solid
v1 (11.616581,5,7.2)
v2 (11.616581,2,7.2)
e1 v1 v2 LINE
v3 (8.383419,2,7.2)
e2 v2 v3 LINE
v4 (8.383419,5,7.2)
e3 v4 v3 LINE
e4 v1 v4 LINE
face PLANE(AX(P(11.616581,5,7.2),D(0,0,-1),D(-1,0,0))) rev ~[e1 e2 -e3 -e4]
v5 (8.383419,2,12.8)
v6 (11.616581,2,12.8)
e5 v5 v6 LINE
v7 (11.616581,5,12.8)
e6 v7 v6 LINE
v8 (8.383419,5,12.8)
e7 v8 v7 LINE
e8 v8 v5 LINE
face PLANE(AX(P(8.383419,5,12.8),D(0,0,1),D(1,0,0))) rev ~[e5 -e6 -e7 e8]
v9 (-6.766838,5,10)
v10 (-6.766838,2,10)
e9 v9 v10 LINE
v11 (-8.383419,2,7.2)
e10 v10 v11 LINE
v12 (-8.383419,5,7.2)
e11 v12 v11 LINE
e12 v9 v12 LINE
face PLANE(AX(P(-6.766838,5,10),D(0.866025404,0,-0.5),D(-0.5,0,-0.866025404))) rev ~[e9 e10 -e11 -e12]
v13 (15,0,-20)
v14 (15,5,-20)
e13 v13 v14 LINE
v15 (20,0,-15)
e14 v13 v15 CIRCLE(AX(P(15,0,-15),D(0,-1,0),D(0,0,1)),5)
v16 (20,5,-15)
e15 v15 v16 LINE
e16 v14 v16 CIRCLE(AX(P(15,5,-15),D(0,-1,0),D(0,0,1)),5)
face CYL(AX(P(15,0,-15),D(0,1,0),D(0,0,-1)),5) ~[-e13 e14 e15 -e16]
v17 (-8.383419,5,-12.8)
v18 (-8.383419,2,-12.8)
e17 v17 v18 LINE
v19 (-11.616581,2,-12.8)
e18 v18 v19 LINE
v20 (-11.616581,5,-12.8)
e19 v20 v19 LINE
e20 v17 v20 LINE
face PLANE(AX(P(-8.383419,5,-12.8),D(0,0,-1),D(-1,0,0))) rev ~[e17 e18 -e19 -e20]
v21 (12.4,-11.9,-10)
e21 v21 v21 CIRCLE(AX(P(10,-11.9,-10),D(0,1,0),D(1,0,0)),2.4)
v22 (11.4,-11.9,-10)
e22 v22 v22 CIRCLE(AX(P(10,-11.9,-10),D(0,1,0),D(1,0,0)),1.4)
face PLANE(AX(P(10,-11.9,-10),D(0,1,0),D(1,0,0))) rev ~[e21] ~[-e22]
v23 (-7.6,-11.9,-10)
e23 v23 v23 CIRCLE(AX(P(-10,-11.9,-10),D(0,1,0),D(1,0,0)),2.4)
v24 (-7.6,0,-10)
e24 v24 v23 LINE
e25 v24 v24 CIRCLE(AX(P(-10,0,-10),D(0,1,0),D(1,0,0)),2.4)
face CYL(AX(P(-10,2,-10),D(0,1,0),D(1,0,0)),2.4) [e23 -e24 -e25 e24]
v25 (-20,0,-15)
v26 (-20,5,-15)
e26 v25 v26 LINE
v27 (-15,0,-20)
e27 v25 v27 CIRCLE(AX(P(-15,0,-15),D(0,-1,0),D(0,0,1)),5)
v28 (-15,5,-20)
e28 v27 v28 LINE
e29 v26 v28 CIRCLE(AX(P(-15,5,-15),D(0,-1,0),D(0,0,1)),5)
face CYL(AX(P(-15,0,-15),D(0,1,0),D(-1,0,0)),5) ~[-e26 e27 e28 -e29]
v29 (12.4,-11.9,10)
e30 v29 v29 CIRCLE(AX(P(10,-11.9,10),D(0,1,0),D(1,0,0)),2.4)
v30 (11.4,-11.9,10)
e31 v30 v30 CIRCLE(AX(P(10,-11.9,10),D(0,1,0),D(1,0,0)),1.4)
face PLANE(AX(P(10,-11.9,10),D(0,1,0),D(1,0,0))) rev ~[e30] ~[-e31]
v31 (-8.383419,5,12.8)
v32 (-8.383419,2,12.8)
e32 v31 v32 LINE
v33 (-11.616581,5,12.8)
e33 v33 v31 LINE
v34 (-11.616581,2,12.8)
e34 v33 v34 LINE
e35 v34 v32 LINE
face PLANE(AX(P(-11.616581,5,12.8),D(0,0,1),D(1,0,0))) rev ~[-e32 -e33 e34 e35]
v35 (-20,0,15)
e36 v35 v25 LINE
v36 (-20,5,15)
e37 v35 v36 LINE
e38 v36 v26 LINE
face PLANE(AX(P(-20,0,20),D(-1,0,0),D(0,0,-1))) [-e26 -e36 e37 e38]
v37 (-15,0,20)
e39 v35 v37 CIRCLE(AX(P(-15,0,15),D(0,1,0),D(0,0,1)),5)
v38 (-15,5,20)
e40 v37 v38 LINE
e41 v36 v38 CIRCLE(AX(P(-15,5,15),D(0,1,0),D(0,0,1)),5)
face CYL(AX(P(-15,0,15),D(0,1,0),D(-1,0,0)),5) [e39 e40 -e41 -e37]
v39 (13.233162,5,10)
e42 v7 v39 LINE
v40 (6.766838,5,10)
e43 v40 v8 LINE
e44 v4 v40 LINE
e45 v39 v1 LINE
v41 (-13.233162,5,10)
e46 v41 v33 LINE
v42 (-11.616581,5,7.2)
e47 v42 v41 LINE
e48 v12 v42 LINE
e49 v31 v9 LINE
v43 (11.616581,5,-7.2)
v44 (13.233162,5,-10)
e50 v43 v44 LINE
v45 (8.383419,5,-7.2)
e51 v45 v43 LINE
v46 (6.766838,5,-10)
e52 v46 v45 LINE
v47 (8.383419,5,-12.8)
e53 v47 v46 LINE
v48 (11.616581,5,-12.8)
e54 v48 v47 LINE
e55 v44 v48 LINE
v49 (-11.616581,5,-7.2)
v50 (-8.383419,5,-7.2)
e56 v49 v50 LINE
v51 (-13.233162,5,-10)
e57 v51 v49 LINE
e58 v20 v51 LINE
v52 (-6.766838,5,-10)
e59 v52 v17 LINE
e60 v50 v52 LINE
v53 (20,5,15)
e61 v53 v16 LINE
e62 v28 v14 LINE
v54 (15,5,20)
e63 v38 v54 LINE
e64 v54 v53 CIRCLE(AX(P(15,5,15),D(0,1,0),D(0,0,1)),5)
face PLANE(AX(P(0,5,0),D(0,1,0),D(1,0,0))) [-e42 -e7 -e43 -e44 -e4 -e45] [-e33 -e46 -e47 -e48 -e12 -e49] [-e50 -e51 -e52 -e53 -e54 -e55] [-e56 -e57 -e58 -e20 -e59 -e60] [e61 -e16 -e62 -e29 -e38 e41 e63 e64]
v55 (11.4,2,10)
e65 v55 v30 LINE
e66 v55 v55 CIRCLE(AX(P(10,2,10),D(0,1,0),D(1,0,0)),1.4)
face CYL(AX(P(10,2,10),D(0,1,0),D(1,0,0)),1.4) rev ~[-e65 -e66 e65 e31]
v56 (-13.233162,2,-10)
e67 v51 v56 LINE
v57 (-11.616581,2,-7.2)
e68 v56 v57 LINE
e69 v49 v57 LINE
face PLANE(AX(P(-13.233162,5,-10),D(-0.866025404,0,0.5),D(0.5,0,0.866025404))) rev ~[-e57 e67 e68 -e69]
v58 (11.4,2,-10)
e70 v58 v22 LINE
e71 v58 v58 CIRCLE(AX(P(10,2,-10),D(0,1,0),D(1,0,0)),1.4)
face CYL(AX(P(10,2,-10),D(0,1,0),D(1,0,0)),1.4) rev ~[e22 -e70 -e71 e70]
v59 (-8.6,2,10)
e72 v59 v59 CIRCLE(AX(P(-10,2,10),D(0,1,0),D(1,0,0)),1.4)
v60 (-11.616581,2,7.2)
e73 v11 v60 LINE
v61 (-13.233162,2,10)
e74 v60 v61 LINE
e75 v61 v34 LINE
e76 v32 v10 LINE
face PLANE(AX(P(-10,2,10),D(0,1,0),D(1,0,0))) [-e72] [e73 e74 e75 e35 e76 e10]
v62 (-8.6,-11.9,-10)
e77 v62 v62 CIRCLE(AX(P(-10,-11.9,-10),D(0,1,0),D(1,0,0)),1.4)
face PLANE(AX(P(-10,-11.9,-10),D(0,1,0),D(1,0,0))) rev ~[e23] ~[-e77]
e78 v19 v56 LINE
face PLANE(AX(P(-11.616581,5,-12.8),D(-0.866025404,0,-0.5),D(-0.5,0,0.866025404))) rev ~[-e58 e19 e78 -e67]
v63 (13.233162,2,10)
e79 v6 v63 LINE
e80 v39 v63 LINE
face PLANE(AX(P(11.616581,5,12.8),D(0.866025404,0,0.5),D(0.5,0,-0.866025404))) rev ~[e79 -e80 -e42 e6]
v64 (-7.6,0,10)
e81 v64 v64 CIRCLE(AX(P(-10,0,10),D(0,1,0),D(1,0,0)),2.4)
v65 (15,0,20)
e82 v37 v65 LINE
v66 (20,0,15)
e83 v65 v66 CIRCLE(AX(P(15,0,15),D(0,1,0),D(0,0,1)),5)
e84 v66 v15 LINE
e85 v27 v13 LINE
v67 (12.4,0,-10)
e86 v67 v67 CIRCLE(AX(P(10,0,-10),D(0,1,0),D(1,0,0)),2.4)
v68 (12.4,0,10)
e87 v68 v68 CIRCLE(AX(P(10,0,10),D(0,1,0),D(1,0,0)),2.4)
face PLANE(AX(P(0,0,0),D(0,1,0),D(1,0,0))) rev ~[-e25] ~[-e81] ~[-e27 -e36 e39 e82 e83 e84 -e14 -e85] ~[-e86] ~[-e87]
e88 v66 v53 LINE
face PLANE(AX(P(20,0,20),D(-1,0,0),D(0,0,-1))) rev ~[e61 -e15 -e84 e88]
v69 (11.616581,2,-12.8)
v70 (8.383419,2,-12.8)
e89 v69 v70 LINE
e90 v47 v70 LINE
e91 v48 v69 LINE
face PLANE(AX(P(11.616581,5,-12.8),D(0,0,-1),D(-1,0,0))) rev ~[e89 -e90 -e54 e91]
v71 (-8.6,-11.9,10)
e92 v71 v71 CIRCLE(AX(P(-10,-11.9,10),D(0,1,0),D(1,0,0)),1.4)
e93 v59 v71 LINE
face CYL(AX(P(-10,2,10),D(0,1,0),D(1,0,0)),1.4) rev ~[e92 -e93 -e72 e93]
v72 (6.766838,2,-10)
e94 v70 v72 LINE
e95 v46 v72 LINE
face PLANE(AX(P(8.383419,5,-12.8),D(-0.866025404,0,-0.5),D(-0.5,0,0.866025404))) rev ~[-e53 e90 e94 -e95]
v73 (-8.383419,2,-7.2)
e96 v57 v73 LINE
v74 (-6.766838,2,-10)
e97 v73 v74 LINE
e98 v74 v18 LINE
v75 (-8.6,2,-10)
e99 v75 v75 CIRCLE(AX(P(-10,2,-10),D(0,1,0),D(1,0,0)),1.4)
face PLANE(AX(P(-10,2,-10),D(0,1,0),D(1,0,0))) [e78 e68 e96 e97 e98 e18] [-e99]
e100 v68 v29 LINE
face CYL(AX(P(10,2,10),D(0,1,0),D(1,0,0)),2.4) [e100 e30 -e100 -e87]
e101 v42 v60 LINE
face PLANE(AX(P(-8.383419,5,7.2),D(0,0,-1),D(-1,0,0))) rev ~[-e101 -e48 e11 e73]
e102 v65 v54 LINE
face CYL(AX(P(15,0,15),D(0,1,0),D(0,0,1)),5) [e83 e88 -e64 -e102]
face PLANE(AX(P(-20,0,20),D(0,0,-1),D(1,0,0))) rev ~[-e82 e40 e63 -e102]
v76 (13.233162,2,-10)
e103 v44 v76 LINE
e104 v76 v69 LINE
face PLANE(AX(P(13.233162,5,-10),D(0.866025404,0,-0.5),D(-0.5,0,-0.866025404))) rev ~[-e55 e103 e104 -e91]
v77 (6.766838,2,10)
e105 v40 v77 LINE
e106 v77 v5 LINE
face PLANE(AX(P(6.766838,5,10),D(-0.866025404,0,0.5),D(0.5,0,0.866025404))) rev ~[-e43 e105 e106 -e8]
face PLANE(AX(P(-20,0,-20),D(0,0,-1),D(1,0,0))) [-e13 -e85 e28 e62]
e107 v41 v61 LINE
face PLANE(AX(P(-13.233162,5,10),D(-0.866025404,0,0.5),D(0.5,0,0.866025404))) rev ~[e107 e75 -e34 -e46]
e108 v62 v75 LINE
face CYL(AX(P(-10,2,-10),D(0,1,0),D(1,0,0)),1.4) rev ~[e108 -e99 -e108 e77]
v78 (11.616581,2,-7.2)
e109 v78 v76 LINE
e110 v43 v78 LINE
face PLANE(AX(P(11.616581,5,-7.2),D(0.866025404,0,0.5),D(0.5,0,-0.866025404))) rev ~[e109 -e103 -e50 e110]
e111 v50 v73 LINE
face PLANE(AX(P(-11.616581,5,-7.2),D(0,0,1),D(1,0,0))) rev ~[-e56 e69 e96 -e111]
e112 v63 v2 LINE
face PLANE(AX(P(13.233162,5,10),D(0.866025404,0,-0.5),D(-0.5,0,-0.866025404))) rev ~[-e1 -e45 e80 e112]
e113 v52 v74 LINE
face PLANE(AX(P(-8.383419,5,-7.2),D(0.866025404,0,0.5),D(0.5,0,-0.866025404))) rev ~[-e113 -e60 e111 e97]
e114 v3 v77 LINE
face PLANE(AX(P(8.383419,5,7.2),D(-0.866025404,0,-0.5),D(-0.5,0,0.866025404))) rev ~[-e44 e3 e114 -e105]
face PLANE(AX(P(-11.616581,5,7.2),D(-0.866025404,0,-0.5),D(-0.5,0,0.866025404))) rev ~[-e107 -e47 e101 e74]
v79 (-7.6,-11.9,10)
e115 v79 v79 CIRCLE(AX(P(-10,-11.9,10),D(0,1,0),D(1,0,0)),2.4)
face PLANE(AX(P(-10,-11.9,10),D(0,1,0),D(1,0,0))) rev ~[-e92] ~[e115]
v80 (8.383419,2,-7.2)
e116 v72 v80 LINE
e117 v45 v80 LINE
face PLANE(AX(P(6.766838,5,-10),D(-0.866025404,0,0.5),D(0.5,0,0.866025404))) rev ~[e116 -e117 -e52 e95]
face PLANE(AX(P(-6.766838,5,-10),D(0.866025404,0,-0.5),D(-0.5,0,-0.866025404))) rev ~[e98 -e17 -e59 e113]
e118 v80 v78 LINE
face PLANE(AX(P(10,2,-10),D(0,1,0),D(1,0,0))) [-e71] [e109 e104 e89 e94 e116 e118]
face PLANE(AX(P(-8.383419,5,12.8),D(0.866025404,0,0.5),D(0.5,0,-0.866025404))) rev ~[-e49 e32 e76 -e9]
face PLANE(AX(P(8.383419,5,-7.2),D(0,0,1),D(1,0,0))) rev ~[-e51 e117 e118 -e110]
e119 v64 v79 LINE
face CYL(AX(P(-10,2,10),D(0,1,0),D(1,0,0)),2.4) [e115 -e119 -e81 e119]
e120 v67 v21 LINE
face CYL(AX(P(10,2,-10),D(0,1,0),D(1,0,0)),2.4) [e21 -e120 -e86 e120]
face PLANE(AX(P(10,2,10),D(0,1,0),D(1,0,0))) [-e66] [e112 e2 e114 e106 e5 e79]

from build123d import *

# Parameters (mm, degrees)
SKETCH1_W           = 40
SKETCH1_H           = 40
BOSS_EXTRUDE1_DEPTH = 5
CUT_EXTRUDE1_DEPTH  = 3
SKETCH3_R           = 1.4
CUT_EXTRUDE2_DEPTH  = 29.442925307
FILLET1_R           = 5
SKETCH3_3_R         = 2.4
SKETCH3_3_R_2       = 1.4
BOSS_EXTRUDE2_DEPTH = 13.9


with BuildPart() as part:
    # Sketch1 → Boss-Extrude1 (new body)
    with BuildSketch(Plane(origin=(0, 0, 0), x_dir=(1, 0, 0), z_dir=(0, 1, 0))):
        Rectangle(SKETCH1_W, SKETCH1_H)
    extrude(amount=BOSS_EXTRUDE1_DEPTH)

    # Sketch2 → Cut-Extrude1 (cut)
    with BuildSketch(Plane(origin=(0, 5, 0), x_dir=(1, 0, 0), z_dir=(0, 1, 0))):
        Polygon((-8.383419246, -7.2), (-11.616580754, -7.2), (-13.233161507, -10), (-11.616580754, -12.8), (-8.383419246, -12.8), (-6.766838493, -10), align=None)
        Polygon((8.383419246, -7.2), (6.766838493, -10), (8.383419246, -12.8), (11.616580754, -12.8), (13.233161507, -10), (11.616580754, -7.2), align=None)
        Polygon((-11.616580754, 7.2), (-8.383419246, 7.2), (-6.766838493, 10), (-8.383419246, 12.8), (-11.616580754, 12.8), (-13.233161507, 10), align=None)
        Polygon((8.383419246, 7.2), (11.616580754, 7.2), (13.233161507, 10), (11.616580754, 12.8), (8.383419246, 12.8), (6.766838493, 10), align=None)
    extrude(amount=-CUT_EXTRUDE1_DEPTH, mode=Mode.SUBTRACT)

    # Sketch3 → Cut-Extrude2 (cut, through all)
    with BuildSketch(Plane(origin=(0, 2, 0), x_dir=(1, 0, 0), z_dir=(0, 1, 0))):
        with Locations((-10, 10)):
            Circle(SKETCH3_R)
        with Locations((10, 10)):
            Circle(SKETCH3_R)
        with Locations((-10, -10)):
            Circle(SKETCH3_R)
        with Locations((10, -10)):
            Circle(SKETCH3_R)
    extrude(amount=-CUT_EXTRUDE2_DEPTH, mode=Mode.SUBTRACT)

    # Fillet1
    fillet1_edges = [part.edges().sort_by_distance(p)[0] for p in [
        (-20, 2.5, 20),
        (20, 2.5, 20),
        (20, 2.5, -20),
        (-20, 2.5, -20),
    ]]
    fillet(fillet1_edges, radius=FILLET1_R)

    # Sketch3<3> → Boss-Extrude2 (add)
    # profile 1 of 4: a face of its own
    with BuildSketch(Plane(origin=(0, 2, 0), x_dir=(1, 0, 0), z_dir=(0, 1, 0))):
        with Locations((-10, 10)):
            Circle(SKETCH3_3_R)
        with Locations((-10, 10)):
            Circle(SKETCH3_3_R_2, mode=Mode.SUBTRACT)
    # profile 2 of 4: a face of its own
    with BuildSketch(Plane(origin=(0, 2, 0), x_dir=(1, 0, 0), z_dir=(0, 1, 0))):
        with Locations((-10, -10)):
            Circle(SKETCH3_3_R)
        with Locations((-10, -10)):
            Circle(SKETCH3_3_R_2, mode=Mode.SUBTRACT)
    # profile 3 of 4: a face of its own
    with BuildSketch(Plane(origin=(0, 2, 0), x_dir=(1, 0, 0), z_dir=(0, 1, 0))):
        with Locations((10, -10)):
            Circle(SKETCH3_3_R)
        with Locations((10, -10)):
            Circle(SKETCH3_3_R_2, mode=Mode.SUBTRACT)
    # profile 4 of 4: a face of its own
    with BuildSketch(Plane(origin=(0, 2, 0), x_dir=(1, 0, 0), z_dir=(0, 1, 0))):
        with Locations((10, 10)):
            Circle(SKETCH3_3_R)
        with Locations((10, 10)):
            Circle(SKETCH3_3_R_2, mode=Mode.SUBTRACT)
    extrude(amount=-BOSS_EXTRUDE2_DEPTH)


solid = part.part
